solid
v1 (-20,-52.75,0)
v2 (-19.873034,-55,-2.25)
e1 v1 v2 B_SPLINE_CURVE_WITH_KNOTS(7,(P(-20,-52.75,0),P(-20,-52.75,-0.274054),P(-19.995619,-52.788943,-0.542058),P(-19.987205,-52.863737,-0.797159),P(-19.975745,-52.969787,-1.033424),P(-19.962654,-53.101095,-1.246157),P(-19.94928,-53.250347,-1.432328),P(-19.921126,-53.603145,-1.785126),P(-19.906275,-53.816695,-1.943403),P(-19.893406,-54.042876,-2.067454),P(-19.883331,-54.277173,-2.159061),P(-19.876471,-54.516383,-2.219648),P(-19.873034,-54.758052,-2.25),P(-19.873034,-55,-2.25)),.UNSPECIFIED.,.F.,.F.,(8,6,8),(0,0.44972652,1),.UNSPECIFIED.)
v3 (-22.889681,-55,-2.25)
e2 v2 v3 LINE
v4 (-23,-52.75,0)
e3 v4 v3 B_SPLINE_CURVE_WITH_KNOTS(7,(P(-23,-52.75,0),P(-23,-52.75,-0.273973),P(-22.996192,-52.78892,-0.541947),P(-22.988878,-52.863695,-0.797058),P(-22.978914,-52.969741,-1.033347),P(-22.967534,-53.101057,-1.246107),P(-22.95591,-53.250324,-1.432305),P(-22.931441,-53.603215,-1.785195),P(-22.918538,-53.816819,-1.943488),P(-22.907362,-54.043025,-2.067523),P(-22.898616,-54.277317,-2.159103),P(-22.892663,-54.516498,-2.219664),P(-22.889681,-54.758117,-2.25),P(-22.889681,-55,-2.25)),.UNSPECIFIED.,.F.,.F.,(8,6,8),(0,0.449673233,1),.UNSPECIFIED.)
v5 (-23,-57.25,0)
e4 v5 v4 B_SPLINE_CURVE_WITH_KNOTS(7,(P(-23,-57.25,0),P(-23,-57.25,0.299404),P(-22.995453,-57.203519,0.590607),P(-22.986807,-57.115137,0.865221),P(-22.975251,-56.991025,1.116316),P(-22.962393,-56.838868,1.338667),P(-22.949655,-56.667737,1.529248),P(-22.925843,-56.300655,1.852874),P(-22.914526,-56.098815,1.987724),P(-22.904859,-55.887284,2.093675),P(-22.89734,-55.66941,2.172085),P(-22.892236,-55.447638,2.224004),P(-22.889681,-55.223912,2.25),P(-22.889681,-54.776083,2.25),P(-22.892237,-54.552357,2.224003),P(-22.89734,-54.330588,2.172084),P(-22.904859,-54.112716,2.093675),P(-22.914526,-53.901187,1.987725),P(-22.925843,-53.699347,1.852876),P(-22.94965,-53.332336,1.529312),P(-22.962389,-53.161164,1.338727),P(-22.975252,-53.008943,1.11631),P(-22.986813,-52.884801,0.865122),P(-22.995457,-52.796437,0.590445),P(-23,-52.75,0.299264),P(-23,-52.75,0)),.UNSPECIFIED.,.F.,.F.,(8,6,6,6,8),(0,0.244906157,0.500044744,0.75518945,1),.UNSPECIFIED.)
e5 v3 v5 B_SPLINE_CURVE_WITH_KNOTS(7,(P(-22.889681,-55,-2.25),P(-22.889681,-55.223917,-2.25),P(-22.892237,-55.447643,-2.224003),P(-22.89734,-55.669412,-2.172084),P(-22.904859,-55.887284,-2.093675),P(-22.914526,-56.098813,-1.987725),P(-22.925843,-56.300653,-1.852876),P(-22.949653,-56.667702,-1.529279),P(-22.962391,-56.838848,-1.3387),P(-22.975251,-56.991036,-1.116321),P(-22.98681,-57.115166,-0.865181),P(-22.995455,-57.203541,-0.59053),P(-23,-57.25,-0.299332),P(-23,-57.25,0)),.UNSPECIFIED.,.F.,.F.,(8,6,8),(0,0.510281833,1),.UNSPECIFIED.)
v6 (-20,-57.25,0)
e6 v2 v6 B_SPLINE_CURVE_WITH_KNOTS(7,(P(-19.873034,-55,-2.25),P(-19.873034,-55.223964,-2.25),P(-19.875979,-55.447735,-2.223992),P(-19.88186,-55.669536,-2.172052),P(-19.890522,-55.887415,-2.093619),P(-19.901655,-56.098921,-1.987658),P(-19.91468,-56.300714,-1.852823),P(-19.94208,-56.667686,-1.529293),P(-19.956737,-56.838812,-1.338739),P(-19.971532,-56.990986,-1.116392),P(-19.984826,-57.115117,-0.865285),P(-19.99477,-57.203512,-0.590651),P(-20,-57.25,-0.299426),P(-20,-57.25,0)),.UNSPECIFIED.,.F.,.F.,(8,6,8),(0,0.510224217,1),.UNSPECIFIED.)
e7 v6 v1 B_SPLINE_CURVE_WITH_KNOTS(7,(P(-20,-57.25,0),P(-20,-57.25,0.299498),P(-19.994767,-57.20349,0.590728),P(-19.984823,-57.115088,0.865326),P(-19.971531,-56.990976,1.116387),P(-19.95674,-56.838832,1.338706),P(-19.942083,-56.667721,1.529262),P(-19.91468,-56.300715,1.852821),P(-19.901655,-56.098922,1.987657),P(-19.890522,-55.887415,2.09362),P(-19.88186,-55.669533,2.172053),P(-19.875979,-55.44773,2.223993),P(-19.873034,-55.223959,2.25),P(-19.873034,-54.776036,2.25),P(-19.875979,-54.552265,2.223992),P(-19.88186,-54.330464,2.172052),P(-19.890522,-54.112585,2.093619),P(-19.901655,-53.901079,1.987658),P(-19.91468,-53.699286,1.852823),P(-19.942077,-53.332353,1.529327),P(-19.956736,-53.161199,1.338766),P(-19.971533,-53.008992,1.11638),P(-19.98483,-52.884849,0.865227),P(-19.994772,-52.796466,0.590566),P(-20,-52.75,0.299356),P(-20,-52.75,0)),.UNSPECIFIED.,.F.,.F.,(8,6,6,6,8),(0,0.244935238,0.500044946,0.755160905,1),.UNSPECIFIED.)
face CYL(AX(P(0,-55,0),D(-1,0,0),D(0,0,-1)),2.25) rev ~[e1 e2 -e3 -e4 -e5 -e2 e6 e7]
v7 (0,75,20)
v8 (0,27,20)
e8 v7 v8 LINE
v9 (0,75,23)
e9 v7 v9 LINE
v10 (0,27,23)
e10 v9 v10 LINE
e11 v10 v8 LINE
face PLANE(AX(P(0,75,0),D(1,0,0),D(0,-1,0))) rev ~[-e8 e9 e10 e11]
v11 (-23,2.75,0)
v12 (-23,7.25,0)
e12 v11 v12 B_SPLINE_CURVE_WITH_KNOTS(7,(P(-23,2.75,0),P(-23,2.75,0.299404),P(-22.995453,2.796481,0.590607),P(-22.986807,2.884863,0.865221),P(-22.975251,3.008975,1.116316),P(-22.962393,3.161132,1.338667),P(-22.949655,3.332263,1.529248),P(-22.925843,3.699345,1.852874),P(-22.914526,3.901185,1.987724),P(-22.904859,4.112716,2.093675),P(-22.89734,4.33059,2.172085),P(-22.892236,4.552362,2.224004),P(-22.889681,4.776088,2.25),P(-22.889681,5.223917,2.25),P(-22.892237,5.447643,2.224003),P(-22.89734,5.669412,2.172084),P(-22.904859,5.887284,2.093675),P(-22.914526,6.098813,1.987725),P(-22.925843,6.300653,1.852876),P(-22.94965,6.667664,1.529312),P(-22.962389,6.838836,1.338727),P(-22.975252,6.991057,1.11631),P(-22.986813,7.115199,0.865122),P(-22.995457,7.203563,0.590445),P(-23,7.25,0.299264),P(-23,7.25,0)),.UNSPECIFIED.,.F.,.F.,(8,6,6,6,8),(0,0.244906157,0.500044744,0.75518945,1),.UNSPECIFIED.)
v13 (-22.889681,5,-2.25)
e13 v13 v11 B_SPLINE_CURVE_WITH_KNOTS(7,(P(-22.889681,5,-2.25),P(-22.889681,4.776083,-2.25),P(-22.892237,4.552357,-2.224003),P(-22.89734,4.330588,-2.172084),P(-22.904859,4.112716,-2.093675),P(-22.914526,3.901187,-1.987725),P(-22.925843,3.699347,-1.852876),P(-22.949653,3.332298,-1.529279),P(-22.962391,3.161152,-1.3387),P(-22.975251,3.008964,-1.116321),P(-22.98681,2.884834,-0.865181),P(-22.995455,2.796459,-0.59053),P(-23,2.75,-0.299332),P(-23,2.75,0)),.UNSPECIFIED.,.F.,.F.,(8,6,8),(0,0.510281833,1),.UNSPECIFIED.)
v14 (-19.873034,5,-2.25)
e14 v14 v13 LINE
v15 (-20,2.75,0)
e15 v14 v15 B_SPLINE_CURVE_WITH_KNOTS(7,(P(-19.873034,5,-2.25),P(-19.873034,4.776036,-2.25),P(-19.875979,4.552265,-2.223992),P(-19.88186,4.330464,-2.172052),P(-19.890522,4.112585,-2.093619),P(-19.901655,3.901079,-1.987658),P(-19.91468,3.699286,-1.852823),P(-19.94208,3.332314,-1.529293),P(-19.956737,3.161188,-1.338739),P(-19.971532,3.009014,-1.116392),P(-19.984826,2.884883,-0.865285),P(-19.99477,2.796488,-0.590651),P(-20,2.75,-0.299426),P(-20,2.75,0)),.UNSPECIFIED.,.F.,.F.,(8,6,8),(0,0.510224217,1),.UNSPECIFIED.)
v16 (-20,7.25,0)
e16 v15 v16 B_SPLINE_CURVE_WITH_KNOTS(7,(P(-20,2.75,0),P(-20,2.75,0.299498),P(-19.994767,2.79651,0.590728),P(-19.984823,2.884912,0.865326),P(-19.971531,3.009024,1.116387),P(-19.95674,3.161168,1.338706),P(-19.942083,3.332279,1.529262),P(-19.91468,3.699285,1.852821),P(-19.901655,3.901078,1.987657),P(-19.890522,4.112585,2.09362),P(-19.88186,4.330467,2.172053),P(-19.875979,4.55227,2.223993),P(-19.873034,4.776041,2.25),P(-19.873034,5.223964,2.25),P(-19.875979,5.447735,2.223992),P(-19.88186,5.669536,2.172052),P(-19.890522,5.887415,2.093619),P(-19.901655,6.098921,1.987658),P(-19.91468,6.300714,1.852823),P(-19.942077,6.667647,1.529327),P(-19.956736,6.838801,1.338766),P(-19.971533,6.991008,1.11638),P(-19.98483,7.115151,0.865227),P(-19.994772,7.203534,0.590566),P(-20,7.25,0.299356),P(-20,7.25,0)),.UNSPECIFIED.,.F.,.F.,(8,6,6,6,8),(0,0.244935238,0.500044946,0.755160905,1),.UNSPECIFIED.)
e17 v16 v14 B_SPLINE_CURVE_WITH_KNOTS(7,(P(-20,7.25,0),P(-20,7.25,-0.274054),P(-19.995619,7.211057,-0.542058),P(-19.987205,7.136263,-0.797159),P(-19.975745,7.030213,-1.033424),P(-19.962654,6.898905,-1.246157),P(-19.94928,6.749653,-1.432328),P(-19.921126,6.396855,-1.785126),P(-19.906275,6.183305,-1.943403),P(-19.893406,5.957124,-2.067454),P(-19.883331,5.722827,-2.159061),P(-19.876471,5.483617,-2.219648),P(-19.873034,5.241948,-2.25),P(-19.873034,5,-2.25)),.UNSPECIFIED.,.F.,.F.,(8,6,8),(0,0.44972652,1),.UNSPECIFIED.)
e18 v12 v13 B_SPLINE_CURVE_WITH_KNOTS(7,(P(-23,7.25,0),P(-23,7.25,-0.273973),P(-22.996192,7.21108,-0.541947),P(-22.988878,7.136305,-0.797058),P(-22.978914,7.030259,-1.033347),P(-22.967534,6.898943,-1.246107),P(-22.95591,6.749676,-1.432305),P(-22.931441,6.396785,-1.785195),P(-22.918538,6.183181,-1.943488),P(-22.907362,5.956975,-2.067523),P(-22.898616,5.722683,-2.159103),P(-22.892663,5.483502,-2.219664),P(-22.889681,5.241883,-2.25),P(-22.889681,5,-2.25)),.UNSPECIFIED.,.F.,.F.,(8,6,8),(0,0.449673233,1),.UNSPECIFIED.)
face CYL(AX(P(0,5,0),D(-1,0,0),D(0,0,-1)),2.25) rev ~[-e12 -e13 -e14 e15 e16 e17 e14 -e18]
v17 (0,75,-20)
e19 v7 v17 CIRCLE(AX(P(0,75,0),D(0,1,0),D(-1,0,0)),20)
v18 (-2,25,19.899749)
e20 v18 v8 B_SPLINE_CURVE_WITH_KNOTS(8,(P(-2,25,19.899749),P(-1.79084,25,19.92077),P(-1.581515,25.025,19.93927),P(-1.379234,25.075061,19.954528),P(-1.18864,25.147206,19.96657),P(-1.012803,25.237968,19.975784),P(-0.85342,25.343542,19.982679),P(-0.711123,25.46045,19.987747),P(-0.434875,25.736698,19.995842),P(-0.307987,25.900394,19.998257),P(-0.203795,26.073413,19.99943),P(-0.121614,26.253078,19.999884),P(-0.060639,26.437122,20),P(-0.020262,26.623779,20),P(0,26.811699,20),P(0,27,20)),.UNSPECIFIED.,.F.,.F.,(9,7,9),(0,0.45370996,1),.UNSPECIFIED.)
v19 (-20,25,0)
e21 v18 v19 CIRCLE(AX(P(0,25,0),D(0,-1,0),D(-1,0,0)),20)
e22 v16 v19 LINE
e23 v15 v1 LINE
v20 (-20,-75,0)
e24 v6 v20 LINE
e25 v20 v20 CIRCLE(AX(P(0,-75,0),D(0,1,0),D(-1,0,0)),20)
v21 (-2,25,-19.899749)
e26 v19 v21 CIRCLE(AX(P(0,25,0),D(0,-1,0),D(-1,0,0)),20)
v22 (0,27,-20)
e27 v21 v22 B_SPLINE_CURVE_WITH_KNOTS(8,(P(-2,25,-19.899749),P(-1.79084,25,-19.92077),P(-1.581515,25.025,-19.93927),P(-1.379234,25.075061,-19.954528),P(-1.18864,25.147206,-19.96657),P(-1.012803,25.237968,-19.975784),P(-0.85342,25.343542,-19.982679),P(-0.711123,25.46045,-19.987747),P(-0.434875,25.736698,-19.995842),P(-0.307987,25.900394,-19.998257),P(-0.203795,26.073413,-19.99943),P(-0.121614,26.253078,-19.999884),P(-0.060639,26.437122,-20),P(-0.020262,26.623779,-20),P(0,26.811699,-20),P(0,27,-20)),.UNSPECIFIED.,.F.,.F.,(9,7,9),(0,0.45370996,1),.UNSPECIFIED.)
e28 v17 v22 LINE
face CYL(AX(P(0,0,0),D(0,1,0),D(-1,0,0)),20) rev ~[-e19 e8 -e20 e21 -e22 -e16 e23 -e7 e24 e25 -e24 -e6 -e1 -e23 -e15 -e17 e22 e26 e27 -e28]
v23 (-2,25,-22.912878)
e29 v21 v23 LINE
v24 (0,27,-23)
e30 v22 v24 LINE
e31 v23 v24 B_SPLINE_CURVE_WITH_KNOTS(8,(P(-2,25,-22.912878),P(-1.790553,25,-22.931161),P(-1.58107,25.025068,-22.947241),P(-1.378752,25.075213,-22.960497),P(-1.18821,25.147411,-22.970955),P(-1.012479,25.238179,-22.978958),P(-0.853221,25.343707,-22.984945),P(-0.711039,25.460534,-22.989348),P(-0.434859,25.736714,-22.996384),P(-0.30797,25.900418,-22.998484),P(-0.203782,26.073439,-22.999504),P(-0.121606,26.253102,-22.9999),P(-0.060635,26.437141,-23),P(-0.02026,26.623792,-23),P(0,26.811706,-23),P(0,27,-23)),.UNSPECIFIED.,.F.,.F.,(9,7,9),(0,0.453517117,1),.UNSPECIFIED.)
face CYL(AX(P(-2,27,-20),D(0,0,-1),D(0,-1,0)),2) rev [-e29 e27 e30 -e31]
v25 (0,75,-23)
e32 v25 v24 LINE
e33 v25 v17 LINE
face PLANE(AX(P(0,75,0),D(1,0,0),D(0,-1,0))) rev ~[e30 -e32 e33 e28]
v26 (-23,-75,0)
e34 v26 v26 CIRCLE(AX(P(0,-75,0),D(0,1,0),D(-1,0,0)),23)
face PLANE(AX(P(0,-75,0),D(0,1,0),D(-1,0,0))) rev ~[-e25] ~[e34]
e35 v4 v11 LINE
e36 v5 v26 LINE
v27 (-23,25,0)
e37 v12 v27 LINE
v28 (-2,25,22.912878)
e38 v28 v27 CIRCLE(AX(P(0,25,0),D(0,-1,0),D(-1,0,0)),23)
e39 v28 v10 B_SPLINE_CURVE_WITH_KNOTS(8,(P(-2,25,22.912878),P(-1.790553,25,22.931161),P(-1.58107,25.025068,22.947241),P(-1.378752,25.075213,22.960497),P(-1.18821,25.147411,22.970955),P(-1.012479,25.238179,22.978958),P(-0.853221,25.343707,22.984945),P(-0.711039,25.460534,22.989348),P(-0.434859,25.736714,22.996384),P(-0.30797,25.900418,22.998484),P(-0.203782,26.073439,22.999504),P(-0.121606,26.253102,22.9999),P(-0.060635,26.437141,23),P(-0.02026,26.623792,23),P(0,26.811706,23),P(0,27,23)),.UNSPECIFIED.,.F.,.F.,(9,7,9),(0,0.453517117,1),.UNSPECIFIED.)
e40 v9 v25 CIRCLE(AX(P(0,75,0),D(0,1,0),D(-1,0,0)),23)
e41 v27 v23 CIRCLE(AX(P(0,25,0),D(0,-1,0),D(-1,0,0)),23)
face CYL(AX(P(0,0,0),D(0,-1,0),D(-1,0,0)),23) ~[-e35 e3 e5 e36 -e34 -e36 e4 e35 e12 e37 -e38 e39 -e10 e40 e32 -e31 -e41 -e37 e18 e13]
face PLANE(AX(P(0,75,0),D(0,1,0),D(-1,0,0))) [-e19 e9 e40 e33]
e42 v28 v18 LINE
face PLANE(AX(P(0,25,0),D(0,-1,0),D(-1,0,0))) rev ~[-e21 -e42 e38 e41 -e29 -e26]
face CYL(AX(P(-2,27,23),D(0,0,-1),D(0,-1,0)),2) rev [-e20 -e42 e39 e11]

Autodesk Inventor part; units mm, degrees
ref_plane "YZ Plane" through (0, 0, 0) normal (1, 0, 0) x (0, 1, 0)
ref_plane "XZ Plane" through (0, 0, 0) normal (0, 1, 0) x (-1, 0, 0)
ref_plane "XY Plane" through (0, 0, 0) normal (0, 0, 1) x (1, 0, 0)
sketch "Sketch1" plane through (0, 0, 0) normal (0, 1, 0) x (-1, 0, 0)
  circle A0 centre (0, 0) radius 20
  circle A1 centre (0, 0) radius 23
  dimension "d0" = 40
  dimension "d1" = 3
extrude "Extrusion1" add sketch "Sketch1" along normal mid plane 150
sketch "Sketch2" plane through (0, 0, 0) normal (1, 0, 0) x (0, 1, 0)
  line L0 (-105, 0) -> (105, 0) projected
  line L1 (-75, 23) -> (-75, -23) projected
  point P0 (0, 0)
  point P1 (5, 0)
  point P2 (-55, 0)
  dimension "d4" = 60
  dimension "d5" = 20
hole "Hole1" at (0, 5, 0) at (0, -55, 0) direction (-1, 0, 0) diameter 4.5 end through all clearance for "Socket Head Cap Screw" size "M4" standard "Ansi Metric M Profile"
sketch "Sketch3" plane through (0, 0, 0) normal (0, 0, 1) x (1, 0, 0)
  line L0 (23, 75) -> (-23, 75) projected
  line L1 (-23, -75) -> (-23, 75) projected
  line L2 (-23, 75) -> (0, 75)
  line L3 (0, 75) -> (0, 25)
  line L4 (0, 25) -> (-23, 25)
  line L5 (-23, 25) -> (-23, 75)
  point P0 (0, 0)
  dimension "d13" = 50
  dimension "d14" = 23
  dimension "d15" = 46
extrude "Extrusion2" cut sketch "Sketch3" along normal through all both and the other way through all
fillet "Fillet1" radius 2 2 edges at (0, 25, 21.5) (0, 25, -21.5)
equation "\"d14\" = 0.5 * d15"
properties part number "Pancake_Lower Pipe" material "PVC-Piping"
